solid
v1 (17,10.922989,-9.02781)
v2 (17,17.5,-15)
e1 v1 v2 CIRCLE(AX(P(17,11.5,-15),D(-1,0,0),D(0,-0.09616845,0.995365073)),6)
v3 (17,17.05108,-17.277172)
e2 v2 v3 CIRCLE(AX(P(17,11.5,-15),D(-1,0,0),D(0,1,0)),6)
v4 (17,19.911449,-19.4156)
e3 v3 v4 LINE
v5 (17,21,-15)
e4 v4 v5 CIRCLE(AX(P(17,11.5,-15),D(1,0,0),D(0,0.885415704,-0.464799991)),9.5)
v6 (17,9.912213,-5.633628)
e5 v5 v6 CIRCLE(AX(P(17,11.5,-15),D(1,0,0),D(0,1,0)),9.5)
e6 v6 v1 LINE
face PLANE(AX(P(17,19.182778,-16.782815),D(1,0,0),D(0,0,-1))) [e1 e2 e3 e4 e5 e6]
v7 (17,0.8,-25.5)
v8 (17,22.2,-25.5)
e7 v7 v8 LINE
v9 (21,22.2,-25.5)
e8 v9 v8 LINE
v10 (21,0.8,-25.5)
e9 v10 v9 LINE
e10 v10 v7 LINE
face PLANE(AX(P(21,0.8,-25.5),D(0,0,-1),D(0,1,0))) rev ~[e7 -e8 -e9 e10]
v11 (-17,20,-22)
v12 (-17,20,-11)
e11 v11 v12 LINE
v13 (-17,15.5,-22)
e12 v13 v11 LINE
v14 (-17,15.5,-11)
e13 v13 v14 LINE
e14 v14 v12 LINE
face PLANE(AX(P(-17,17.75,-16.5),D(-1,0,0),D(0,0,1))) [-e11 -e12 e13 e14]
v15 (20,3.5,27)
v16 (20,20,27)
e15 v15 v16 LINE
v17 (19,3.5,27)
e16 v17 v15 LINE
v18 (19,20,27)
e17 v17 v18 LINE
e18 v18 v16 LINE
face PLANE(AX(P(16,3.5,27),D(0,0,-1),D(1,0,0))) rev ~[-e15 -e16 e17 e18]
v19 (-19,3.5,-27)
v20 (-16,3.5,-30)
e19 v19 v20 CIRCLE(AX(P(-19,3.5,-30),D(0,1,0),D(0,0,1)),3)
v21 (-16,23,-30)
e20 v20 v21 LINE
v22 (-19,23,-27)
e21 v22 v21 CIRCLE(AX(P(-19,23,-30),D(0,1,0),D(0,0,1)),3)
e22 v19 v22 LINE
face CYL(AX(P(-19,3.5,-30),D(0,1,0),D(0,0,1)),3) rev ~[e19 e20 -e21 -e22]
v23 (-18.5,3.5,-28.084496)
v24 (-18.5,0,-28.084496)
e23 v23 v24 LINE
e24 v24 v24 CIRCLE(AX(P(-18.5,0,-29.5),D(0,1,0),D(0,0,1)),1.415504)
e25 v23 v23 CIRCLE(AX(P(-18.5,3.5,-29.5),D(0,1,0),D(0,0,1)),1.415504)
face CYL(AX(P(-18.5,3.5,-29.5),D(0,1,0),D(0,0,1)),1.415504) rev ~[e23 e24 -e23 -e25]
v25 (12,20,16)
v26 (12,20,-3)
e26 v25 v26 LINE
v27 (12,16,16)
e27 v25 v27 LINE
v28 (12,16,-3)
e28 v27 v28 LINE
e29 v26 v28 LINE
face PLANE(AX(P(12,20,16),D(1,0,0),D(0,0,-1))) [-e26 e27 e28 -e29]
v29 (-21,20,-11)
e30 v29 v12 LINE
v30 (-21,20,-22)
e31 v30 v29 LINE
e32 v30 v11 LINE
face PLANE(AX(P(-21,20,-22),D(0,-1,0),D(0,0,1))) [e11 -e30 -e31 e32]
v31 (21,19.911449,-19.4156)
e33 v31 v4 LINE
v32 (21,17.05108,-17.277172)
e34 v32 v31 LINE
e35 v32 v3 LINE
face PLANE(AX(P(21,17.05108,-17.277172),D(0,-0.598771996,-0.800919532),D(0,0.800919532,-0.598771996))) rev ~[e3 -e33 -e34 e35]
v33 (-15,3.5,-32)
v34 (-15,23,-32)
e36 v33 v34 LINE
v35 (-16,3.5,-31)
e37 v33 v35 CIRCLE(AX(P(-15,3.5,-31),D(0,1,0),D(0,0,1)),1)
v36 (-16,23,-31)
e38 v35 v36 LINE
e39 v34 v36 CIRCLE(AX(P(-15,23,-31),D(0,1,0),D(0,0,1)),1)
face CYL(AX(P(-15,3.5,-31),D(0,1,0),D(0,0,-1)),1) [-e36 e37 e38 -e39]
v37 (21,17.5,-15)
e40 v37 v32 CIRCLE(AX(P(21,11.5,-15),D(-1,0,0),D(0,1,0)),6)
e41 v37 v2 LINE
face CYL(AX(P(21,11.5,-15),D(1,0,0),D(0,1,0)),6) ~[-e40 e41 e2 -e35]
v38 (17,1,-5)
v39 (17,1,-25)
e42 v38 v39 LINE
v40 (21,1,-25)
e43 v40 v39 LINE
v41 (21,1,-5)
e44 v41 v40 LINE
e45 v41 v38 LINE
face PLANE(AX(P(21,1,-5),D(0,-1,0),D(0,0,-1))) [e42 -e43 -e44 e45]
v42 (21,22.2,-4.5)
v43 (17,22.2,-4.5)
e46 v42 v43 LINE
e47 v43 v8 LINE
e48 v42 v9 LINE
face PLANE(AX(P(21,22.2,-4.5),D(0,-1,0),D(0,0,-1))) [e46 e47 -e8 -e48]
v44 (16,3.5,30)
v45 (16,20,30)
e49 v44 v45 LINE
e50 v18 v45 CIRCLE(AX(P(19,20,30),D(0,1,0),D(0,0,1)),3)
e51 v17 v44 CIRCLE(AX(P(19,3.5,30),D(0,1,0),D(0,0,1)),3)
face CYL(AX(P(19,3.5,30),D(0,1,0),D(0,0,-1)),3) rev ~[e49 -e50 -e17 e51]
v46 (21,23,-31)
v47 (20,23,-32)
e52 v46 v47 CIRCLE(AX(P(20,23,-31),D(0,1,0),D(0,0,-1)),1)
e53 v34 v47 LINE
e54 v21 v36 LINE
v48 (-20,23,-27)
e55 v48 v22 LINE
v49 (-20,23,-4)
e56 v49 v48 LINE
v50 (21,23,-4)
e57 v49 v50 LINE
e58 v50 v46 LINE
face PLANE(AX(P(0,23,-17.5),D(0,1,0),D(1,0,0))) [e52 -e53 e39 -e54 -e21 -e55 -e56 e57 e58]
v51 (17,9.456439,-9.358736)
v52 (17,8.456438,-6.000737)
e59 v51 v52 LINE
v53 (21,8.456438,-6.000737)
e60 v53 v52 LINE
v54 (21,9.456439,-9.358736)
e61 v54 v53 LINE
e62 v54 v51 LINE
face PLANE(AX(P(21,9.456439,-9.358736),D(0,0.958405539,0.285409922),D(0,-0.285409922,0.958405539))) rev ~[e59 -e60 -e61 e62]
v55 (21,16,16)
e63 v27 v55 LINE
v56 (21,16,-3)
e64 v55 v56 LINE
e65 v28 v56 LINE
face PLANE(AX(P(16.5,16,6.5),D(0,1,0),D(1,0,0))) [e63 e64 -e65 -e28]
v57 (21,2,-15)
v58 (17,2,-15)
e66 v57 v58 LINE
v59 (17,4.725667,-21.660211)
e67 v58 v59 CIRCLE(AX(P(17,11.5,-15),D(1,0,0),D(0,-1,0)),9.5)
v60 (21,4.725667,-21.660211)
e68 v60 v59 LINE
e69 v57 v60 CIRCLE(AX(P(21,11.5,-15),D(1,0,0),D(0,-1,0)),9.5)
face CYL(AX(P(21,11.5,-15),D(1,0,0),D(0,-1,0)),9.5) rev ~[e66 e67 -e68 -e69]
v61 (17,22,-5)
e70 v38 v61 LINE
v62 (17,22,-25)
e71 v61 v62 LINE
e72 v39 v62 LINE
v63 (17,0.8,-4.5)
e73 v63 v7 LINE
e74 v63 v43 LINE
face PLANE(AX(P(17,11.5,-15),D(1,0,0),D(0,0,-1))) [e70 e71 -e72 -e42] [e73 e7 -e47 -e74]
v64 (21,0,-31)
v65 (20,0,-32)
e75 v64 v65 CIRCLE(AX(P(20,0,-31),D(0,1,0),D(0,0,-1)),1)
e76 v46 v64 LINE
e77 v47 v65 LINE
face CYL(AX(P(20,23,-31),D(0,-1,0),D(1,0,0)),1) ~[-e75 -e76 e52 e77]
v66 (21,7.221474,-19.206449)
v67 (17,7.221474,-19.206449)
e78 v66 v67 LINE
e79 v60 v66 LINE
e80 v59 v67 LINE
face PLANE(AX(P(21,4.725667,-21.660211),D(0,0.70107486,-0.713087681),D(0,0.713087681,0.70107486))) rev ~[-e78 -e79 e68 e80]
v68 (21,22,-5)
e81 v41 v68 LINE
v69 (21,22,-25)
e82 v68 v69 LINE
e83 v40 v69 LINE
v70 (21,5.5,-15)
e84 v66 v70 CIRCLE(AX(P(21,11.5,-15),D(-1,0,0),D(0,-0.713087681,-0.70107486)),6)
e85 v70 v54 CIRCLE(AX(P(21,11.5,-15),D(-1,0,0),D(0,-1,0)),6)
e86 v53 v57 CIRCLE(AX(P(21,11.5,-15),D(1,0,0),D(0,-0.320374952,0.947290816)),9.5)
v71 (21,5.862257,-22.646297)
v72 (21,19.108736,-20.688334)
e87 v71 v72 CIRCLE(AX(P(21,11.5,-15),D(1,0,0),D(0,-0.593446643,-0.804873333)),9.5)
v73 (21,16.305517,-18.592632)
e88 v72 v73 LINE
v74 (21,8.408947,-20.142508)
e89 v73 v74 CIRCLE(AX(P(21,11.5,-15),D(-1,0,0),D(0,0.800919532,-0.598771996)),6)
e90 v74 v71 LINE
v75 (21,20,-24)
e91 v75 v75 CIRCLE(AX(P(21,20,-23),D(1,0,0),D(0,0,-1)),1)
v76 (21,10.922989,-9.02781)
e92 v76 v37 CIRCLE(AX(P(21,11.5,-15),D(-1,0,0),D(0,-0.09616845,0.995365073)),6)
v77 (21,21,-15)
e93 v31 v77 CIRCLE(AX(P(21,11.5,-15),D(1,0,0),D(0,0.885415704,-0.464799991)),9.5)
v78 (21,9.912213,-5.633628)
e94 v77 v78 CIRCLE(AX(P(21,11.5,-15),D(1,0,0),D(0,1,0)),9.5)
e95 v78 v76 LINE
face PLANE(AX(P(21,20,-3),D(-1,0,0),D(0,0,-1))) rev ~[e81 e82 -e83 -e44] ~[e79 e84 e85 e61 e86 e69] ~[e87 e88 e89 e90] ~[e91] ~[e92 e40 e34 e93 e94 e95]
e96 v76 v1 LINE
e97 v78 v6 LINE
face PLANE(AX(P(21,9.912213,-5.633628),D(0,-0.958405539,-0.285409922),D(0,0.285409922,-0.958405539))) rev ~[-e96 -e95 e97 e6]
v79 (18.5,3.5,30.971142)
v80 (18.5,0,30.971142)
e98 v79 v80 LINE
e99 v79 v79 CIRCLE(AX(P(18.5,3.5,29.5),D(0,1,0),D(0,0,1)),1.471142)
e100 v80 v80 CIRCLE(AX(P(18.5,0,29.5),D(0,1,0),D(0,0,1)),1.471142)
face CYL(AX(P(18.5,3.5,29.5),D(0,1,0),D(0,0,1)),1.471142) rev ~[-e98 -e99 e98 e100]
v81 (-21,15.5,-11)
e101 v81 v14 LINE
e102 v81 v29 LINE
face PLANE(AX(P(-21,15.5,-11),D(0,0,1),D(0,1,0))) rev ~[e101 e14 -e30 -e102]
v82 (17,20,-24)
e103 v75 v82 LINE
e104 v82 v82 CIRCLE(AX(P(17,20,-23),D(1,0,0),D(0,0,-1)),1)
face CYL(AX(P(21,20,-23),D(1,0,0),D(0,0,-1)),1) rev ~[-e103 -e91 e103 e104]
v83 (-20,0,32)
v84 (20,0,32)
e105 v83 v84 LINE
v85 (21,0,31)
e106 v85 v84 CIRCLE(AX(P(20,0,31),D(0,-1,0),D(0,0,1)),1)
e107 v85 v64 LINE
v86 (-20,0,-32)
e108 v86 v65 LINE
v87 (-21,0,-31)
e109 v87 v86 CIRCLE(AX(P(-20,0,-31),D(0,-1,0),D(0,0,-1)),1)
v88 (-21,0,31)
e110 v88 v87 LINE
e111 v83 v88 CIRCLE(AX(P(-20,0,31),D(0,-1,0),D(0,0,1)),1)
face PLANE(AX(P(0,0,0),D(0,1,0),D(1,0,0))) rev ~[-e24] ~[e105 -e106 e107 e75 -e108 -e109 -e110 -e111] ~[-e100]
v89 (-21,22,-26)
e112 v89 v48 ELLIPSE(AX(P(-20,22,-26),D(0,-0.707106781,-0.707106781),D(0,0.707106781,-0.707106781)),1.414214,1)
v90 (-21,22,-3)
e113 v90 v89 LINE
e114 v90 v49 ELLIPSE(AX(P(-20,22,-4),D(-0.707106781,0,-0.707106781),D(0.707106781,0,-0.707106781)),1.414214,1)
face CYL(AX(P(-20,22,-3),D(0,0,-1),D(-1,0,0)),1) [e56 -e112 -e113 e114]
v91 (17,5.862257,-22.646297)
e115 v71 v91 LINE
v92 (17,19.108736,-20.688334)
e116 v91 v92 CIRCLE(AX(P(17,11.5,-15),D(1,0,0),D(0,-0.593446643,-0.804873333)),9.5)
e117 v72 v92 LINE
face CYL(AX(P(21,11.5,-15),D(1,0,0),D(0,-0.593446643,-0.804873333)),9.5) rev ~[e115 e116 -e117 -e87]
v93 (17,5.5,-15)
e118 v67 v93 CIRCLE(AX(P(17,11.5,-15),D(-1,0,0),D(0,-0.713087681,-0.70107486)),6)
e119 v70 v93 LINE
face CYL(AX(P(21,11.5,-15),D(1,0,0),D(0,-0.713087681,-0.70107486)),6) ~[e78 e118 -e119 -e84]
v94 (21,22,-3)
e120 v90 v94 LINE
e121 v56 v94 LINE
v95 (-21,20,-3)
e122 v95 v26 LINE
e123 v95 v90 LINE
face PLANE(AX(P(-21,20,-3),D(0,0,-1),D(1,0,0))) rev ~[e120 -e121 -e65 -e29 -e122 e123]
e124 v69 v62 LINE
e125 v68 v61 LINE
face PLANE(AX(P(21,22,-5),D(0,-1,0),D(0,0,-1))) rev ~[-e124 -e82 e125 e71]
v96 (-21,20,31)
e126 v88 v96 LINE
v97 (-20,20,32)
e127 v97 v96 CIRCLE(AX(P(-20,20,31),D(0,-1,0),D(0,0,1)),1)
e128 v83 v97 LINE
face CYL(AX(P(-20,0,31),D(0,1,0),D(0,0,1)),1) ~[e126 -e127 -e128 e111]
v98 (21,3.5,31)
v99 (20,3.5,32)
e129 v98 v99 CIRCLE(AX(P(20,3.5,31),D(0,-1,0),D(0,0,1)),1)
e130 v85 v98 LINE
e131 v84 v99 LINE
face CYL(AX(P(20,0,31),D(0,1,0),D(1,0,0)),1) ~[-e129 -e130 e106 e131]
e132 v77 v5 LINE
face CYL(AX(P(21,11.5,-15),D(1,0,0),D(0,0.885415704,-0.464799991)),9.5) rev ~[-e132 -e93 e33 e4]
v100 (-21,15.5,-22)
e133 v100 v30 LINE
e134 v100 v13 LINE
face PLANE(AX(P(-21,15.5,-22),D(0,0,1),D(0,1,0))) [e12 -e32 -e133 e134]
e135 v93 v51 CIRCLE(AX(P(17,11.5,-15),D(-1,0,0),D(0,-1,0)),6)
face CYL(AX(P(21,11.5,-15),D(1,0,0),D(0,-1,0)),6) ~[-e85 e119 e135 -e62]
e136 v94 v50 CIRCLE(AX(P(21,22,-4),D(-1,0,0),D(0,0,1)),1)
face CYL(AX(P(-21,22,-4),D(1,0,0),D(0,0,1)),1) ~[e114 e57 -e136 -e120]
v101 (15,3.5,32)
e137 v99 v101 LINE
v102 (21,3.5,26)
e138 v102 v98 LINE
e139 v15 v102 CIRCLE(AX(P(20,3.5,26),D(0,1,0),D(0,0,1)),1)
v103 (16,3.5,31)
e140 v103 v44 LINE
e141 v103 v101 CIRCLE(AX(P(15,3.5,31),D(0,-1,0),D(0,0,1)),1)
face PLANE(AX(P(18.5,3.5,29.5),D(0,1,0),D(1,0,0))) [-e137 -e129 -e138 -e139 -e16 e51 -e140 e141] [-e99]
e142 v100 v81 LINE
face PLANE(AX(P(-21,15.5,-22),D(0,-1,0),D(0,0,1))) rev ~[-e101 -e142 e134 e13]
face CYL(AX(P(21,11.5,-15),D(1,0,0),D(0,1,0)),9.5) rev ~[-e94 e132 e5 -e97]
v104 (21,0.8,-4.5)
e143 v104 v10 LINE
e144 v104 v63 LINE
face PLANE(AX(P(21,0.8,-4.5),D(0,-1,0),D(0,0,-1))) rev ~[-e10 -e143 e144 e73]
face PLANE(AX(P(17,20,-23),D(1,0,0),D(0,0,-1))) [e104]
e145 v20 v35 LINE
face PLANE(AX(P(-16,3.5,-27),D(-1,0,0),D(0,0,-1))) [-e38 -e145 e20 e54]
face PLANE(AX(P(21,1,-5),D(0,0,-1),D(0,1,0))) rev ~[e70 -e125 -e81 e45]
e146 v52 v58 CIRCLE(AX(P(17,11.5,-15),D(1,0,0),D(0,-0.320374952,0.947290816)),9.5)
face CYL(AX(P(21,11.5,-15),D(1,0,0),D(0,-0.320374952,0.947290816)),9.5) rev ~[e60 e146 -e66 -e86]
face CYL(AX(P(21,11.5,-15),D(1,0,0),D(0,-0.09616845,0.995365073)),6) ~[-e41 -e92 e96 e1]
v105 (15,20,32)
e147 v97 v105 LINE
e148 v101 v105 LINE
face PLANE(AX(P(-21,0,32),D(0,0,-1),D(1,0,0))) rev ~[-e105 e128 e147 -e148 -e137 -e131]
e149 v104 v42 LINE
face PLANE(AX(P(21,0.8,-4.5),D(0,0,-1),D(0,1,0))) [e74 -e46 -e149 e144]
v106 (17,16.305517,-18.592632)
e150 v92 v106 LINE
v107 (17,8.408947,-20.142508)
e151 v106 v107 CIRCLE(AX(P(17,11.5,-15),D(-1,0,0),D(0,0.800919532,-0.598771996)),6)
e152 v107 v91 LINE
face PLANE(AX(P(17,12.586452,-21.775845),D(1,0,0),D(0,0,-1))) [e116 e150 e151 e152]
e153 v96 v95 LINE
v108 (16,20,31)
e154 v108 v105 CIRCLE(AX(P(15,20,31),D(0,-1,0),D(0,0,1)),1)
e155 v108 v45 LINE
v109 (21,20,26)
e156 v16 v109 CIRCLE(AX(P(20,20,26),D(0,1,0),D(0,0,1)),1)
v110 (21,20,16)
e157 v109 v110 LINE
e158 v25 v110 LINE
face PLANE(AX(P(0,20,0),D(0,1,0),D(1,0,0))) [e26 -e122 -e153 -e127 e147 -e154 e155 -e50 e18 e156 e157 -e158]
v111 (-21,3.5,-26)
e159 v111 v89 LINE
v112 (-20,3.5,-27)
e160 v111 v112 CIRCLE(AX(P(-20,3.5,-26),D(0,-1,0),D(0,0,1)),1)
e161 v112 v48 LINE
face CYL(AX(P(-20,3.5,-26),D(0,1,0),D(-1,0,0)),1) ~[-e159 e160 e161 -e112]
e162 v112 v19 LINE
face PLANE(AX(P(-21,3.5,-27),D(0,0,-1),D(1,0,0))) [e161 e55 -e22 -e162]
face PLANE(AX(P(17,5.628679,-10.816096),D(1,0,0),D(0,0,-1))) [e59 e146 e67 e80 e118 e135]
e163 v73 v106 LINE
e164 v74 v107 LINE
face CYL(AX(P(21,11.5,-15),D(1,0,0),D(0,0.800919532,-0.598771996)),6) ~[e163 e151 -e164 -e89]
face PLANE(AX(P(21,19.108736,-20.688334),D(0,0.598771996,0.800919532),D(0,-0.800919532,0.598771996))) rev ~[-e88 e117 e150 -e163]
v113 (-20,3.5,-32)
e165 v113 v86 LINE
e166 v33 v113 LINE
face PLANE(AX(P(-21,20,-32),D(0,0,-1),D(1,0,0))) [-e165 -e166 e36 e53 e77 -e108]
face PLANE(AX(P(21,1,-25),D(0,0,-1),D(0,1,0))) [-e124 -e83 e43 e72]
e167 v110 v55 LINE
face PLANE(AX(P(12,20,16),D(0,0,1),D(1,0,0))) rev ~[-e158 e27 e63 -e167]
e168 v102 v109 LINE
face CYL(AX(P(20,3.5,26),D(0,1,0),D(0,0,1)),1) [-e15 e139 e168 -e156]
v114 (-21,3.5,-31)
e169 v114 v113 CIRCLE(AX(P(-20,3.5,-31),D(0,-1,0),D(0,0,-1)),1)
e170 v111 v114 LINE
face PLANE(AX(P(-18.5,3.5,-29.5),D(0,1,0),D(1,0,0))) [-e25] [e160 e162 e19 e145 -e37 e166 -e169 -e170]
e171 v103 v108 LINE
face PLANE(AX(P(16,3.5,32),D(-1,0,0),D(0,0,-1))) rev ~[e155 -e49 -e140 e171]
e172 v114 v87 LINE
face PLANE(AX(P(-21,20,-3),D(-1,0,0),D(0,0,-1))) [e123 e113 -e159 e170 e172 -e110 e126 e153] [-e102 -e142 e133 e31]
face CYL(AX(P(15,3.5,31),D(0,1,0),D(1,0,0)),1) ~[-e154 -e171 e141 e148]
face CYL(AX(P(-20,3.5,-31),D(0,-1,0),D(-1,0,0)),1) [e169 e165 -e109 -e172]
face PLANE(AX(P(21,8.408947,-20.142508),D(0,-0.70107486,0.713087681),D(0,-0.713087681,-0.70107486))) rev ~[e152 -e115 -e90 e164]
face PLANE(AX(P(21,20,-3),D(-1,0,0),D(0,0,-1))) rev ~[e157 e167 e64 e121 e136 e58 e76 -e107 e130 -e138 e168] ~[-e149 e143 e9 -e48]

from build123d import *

# Parameters (mm, degrees)
SKETCH1_W           = 42
SKETCH1_H           = 64
BOSS_EXTRUDE1_DEPTH = 20
SKETCH4_W           = 42
SKETCH4_H           = 29
BOSS_EXTRUDE2_DEPTH = 3
SKETCH5_W           = 9
SKETCH5_H           = 19
CUT_EXTRUDE1_DEPTH  = 4
CUT_EXTRUDE2_REACH  = 50.154
CUT_EXTRUDE2_START  = 3.5
SKETCH6_W           = 5
SKETCH6_H           = 5
FILLET1_R           = 3
FILLET2_R           = 1
SKETCH7_R           = 1.471142405
SKETCH7_R_2         = 1.415504474
CUT_EXTRUDE3_DEPTH  = 43.956373217
SKETCH8_W           = 21
SKETCH8_H           = 21.4
SKETCH8_W_2         = 20
SKETCH8_H_2         = 21
SKETCH8_R           = 1
CUT_EXTRUDE5_DEPTH  = 4
SKETCH10_W          = 11
SKETCH10_H          = 4.5
CUT_EXTRUDE6_DEPTH  = 4


with BuildPart() as part:
    # Sketch1 → Boss-Extrude1 (new body)
    with BuildSketch(Plane(origin=(0, 0, 0), x_dir=(1, 0, 0), z_dir=(0, 1, 0))):
        Rectangle(SKETCH1_W, SKETCH1_H)
    extrude(amount=BOSS_EXTRUDE1_DEPTH)

    # Sketch4 → Boss-Extrude2 (add)
    with BuildSketch(Plane(origin=(0, 20, 0), x_dir=(1, 0, 0), z_dir=(0, 1, 0))):
        with Locations((0, 17.5)):
            Rectangle(SKETCH4_W, SKETCH4_H)
    extrude(amount=BOSS_EXTRUDE2_DEPTH)

    # Sketch5 → Cut-Extrude1 (cut)
    with BuildSketch(Plane(origin=(0, 20, 0), x_dir=(1, 0, 0), z_dir=(0, 1, 0))):
        with Locations((16.5, -6.5)):
            Rectangle(SKETCH5_W, SKETCH5_H)
    extrude(amount=-CUT_EXTRUDE1_DEPTH, mode=Mode.SUBTRACT)

    # Sketch6 → Cut-Extrude2 (cut, up to next)
    with BuildSketch(Plane(origin=(0, 0, 0), x_dir=(1, 0, 0), z_dir=(0, 1, 0)).offset(CUT_EXTRUDE2_START), mode=Mode.PRIVATE) as cut_extrude2_sk1:
        with Locations((-18.5, 29.5)):
            Rectangle(SKETCH6_W, SKETCH6_H)
    cut_extrude2_tool1 = extrude(cut_extrude2_sk1.sketch, amount=CUT_EXTRUDE2_REACH, mode=Mode.PRIVATE) & part.part
    # Sketch6 → Cut-Extrude2 (cut, up to next)
    with BuildSketch(Plane(origin=(0, 0, 0), x_dir=(1, 0, 0), z_dir=(0, 1, 0)).offset(CUT_EXTRUDE2_START), mode=Mode.PRIVATE) as cut_extrude2_sk2:
        with Locations((18.5, -29.5)):
            Rectangle(SKETCH6_W, SKETCH6_H)
    cut_extrude2_tool2 = extrude(cut_extrude2_sk2.sketch, amount=CUT_EXTRUDE2_REACH, mode=Mode.PRIVATE) & part.part
    add(cut_extrude2_tool1.solids().sort_by_distance((-18.5, 3.5, -29.5))[0], mode=Mode.SUBTRACT)
    add(cut_extrude2_tool2.solids().sort_by_distance((18.5, 3.5, 29.5))[0], mode=Mode.SUBTRACT)

    # Fillet1
    fillet1_edges = [part.edges().sort_by_distance(p)[0] for p in [
        (-16, 13.25, -27),
        (16, 11.75, 27),
    ]]
    fillet(fillet1_edges, radius=FILLET1_R)

    # Fillet2
    fillet2_edges = [part.edges().sort_by_distance(p)[0] for p in [
        (21, 1.75, 32),
        (-21, 1.75, -32),
        (-21, 13.25, -27),
        (-16, 13.25, -32),
        (21, 11.5, -32),
        (-21, 10, 32),
        (16, 11.75, 32),
        (21, 11.75, 27),
        (0, 23, -3),
        (-21, 23, -15),
    ]]
    fillet(fillet2_edges, radius=FILLET2_R)

    # Sketch7 → Cut-Extrude3 (cut, through all)
    with BuildSketch(Plane(origin=(0, 3.5, 0), x_dir=(1, 0, 0), z_dir=(0, 1, 0))):
        with Locations(Location((18.5, -29.5, 0), (0, 0, 270))):
            Circle(SKETCH7_R)
        with Locations(Location((-18.5, 29.5, 0), (0, 0, 270))):
            Circle(SKETCH7_R_2)
    extrude(amount=-CUT_EXTRUDE3_DEPTH, mode=Mode.SUBTRACT)

    # Sketch8 → Cut-Extrude5 (cut)
    # profile 1 of 7: a face of its own
    with BuildSketch(Plane(origin=(21, 0, 0), x_dir=(0, 0, -1), z_dir=(1, 0, 0))):
        with Locations((15, 11.5)):
            Rectangle(SKETCH8_W, SKETCH8_H)
        with Locations((15, 11.5)):
            Rectangle(SKETCH8_W_2, SKETCH8_H_2, mode=Mode.SUBTRACT)
    # profile 2 of 7: a face of its own
    with BuildSketch(Plane(origin=(21, 0, 0), x_dir=(0, 0, -1), z_dir=(1, 0, 0))):
        with Locations((23, 20)):
            Circle(SKETCH8_R)
    # profile 3 of 7: a face of its own
    with BuildSketch(Plane(origin=(21, 0, 0), x_dir=(0, 0, -1), z_dir=(1, 0, 0))):
        with BuildLine():
            ThreePointArc((19.415599916, 19.911449184), (17.273898937, 20.723848634), (15, 21))
            Line((15, 21), (15, 17.5))
            ThreePointArc((15, 17.5), (16.160499883, 17.386700266), (17.277171656, 17.051080008))
            Line((17.277171656, 17.051080008), (19.415599916, 19.911449184))
        make_face()
    # profile 4 of 7: a face of its own
    with BuildSketch(Plane(origin=(21, 0, 0), x_dir=(0, 0, -1), z_dir=(1, 0, 0))):
        with BuildLine():
            Line((15, 17.5), (15, 21))
            ThreePointArc((15, 21), (7.742797617, 17.63049864), (5.633627508, 9.912213384))
            Line((5.633627508, 9.912213384), (9.02780956, 10.922989297))
            ThreePointArc((9.02780956, 10.922989297), (10.558037359, 15.533480865), (15, 17.5))
        make_face()
    # profile 5 of 7: a face of its own
    with BuildSketch(Plane(origin=(21, 0, 0), x_dir=(0, 0, -1), z_dir=(1, 0, 0))):
        with BuildLine():
            ThreePointArc((6.000737249, 8.456437952), (9.462123126, 3.781067449), (15, 2))
            Line((15, 2), (15, 5.5))
            ThreePointArc((15, 5.5), (11.554812633, 6.587700741), (9.358736217, 9.456438665))
            Line((9.358736217, 9.456438665), (6.000737249, 8.456437952))
        make_face()
    # profile 6 of 7: a face of its own
    with BuildSketch(Plane(origin=(21, 0, 0), x_dir=(0, 0, -1), z_dir=(1, 0, 0))):
        with BuildLine():
            Line((15, 5.5), (15, 2))
            ThreePointArc((15, 2), (18.598182651, 2.707782896), (21.660211168, 4.725667029))
            Line((21.660211168, 4.725667029), (19.206449159, 7.221473913))
            ThreePointArc((19.206449159, 7.221473913), (17.272536411, 5.947020776), (15, 5.5))
        make_face()
    # profile 7 of 7: a face of its own
    with BuildSketch(Plane(origin=(21, 0, 0), x_dir=(0, 0, -1), z_dir=(1, 0, 0))):
        with BuildLine():
            Line((20.142508406, 8.40894722), (22.646296664, 5.862256894))
            ThreePointArc((22.646296664, 5.862256894), (24.397892993, 12.889103053), (20.688333963, 19.108735554))
            Line((20.688333963, 19.108735554), (18.592631977, 16.305517192))
            ThreePointArc((18.592631977, 16.305517192), (20.887667085, 12.655584827), (20.142508406, 8.40894722))
        make_face()
    extrude(amount=-CUT_EXTRUDE5_DEPTH, mode=Mode.SUBTRACT)

    # Sketch10 → Cut-Extrude6 (cut)
    with BuildSketch(Plane.ZY.offset(21)):
        with Locations((-16.5, 17.75)):
            Rectangle(SKETCH10_W, SKETCH10_H)
    extrude(amount=-CUT_EXTRUDE6_DEPTH, mode=Mode.SUBTRACT)


solid = part.part
